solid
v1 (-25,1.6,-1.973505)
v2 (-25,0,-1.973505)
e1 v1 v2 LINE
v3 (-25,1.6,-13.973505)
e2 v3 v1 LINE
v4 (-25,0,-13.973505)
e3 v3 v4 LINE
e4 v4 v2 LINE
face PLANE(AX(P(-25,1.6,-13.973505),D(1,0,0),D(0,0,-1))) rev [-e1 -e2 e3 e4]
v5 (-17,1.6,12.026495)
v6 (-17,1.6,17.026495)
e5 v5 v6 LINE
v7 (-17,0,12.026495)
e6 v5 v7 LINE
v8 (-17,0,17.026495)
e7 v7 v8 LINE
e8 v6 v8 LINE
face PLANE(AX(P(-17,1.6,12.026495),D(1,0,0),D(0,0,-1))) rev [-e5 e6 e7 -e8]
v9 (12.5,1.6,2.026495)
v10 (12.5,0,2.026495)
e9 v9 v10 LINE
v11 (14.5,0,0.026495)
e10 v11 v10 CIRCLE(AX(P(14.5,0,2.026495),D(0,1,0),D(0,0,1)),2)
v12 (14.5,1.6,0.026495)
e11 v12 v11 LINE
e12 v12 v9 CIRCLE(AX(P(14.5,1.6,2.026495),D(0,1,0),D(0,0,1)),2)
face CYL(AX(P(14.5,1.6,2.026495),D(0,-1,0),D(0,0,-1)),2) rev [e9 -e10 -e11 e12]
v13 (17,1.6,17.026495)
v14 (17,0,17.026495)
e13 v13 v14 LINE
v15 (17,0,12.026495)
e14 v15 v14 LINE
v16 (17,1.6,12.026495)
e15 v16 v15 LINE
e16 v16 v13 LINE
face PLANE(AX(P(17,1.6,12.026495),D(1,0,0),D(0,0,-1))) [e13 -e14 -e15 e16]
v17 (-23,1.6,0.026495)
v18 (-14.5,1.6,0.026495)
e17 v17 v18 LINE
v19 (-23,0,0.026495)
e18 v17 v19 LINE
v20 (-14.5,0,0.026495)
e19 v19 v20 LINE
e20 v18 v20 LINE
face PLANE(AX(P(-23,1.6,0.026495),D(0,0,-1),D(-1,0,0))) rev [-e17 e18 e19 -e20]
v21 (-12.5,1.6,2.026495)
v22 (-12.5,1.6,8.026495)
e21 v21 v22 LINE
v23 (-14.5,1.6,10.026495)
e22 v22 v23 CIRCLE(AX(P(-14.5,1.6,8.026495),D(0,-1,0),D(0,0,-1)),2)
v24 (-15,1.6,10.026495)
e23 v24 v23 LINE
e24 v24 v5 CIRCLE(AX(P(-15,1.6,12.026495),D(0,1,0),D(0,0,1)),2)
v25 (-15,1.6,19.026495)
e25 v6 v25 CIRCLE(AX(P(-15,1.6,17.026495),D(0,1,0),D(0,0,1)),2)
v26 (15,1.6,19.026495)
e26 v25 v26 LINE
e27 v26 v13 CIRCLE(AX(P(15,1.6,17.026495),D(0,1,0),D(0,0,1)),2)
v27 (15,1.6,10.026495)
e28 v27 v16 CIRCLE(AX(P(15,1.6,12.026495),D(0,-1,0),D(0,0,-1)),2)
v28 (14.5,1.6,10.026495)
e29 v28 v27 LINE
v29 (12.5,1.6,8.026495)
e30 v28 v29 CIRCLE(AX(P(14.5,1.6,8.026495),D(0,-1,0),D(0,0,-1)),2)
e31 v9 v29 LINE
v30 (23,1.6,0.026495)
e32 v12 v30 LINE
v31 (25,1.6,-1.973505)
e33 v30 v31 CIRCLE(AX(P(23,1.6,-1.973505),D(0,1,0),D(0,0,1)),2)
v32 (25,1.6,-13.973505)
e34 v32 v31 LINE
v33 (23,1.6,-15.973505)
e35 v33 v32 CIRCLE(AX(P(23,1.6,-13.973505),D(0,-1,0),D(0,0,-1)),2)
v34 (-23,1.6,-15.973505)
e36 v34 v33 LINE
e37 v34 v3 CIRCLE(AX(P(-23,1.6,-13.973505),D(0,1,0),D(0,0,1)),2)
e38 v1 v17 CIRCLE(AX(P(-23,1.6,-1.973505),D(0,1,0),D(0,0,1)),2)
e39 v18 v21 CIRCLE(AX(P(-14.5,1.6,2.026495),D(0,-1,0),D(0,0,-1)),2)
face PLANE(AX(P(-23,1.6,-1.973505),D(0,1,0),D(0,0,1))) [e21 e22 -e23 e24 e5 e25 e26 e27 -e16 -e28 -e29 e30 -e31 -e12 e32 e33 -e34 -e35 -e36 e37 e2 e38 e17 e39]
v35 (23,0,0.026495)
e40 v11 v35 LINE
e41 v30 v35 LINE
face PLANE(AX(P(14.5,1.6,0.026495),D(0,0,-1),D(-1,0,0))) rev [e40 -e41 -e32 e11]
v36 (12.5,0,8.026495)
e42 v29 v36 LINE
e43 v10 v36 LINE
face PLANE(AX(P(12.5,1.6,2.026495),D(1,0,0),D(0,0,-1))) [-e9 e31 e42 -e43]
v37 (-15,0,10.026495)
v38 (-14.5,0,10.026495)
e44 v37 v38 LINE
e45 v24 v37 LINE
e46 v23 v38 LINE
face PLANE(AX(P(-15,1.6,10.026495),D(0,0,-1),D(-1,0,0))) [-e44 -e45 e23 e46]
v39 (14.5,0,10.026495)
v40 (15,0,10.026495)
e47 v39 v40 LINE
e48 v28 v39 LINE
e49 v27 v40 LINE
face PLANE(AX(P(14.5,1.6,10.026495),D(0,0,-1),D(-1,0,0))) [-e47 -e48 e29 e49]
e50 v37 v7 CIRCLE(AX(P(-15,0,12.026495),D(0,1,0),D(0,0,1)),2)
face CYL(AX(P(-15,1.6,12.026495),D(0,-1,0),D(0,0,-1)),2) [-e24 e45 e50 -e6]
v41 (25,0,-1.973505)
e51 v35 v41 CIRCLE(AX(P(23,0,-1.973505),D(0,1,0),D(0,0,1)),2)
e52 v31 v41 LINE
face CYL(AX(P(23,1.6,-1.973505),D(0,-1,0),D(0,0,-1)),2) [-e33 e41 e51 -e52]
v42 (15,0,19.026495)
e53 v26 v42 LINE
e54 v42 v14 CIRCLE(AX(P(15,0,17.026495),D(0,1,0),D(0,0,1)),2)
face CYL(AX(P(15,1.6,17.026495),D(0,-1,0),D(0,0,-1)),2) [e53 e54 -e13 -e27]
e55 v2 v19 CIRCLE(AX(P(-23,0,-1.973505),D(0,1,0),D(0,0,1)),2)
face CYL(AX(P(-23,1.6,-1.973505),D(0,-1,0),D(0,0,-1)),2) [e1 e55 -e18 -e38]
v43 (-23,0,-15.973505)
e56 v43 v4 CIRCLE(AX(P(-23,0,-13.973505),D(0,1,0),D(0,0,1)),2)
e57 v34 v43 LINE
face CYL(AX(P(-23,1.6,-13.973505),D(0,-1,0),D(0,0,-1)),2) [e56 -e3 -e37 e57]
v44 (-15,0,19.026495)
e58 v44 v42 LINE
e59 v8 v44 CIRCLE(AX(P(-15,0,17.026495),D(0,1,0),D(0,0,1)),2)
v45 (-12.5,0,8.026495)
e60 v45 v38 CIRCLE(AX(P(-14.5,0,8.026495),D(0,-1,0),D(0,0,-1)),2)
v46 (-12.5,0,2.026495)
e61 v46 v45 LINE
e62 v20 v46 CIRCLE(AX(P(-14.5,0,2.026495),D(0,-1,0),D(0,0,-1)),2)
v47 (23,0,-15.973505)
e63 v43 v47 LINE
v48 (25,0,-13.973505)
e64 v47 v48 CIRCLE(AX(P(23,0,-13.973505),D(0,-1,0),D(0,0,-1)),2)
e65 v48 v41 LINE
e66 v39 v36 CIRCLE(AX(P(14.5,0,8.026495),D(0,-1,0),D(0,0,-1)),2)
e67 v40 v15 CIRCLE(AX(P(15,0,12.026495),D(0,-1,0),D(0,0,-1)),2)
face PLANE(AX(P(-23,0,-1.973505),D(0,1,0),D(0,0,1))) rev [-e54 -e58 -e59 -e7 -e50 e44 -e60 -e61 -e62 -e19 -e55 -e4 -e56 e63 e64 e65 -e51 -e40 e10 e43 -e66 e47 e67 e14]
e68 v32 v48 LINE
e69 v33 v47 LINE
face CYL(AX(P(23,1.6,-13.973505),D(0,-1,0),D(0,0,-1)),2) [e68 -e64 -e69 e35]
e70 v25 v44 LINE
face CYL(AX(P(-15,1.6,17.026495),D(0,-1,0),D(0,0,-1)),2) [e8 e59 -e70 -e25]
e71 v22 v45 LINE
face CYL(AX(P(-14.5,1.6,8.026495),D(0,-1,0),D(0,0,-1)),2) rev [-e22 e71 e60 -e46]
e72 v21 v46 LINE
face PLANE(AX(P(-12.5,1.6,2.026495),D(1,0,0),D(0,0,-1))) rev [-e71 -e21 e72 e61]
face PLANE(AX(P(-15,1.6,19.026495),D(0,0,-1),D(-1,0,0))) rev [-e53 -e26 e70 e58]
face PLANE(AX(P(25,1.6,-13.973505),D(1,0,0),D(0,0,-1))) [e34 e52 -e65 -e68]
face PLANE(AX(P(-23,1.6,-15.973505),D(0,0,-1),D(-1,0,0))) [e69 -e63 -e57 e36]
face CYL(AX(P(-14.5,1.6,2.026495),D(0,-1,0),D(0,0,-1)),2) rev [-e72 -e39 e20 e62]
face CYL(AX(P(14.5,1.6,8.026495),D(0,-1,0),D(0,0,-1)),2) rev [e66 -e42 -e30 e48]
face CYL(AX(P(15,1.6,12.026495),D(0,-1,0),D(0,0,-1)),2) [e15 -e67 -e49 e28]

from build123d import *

# Parameters (mm, degrees)
EXTRUDE_2_DEPTH = 1.6


with BuildPart() as part:
    # 스케치1 → 보스-돌출2 (new body)
    with BuildSketch(Plane(origin=(0, 0, 0), x_dir=(1, 0, 0), z_dir=(0, 1, 0))):
        with BuildLine():
            Line((14.5, -0.026494673), (23, -0.026494673))
            ThreePointArc((23, -0.026494673), (24.414213562, 0.559291765), (25, 1.973505327))
            Line((25, 1.973505327), (25, 13.973505327))
            ThreePointArc((25, 13.973505327), (24.414213562, 15.38771889), (23, 15.973505327))
            Line((23, 15.973505327), (-23, 15.973505327))
            ThreePointArc((-23, 15.973505327), (-24.414213562, 15.38771889), (-25, 13.973505327))
            Line((-25, 13.973505327), (-25, 1.973505327))
            ThreePointArc((-25, 1.973505327), (-24.414213562, 0.559291765), (-23, -0.026494673))
            Line((-23, -0.026494673), (-14.5, -0.026494673))
            ThreePointArc((-14.5, -0.026494673), (-13.085786438, -0.61228111), (-12.5, -2.026494673))
            Line((-12.5, -2.026494673), (-12.5, -8.026494673))
            ThreePointArc((-12.5, -8.026494673), (-13.085786438, -9.440708235), (-14.5, -10.026494673))
            Line((-14.5, -10.026494673), (-15, -10.026494673))
            ThreePointArc((-15, -10.026494673), (-16.414213562, -10.61228111), (-17, -12.026494673))
            Line((-17, -12.026494673), (-17, -17.026494673))
            ThreePointArc((-17, -17.026494673), (-16.414213562, -18.440708235), (-15, -19.026494673))
            Line((-15, -19.026494673), (15, -19.026494673))
            ThreePointArc((15, -19.026494673), (16.414213562, -18.440708235), (17, -17.026494673))
            Line((17, -17.026494673), (17, -12.026494673))
            ThreePointArc((17, -12.026494673), (16.414213562, -10.61228111), (15, -10.026494673))
            Line((15, -10.026494673), (14.5, -10.026494673))
            ThreePointArc((14.5, -10.026494673), (13.085786438, -9.440708235), (12.5, -8.026494673))
            Line((12.5, -8.026494673), (12.5, -2.026494673))
            ThreePointArc((12.5, -2.026494673), (13.085786438, -0.61228111), (14.5, -0.026494673))
        make_face()
    extrude(amount=EXTRUDE_2_DEPTH)


solid = part.part
